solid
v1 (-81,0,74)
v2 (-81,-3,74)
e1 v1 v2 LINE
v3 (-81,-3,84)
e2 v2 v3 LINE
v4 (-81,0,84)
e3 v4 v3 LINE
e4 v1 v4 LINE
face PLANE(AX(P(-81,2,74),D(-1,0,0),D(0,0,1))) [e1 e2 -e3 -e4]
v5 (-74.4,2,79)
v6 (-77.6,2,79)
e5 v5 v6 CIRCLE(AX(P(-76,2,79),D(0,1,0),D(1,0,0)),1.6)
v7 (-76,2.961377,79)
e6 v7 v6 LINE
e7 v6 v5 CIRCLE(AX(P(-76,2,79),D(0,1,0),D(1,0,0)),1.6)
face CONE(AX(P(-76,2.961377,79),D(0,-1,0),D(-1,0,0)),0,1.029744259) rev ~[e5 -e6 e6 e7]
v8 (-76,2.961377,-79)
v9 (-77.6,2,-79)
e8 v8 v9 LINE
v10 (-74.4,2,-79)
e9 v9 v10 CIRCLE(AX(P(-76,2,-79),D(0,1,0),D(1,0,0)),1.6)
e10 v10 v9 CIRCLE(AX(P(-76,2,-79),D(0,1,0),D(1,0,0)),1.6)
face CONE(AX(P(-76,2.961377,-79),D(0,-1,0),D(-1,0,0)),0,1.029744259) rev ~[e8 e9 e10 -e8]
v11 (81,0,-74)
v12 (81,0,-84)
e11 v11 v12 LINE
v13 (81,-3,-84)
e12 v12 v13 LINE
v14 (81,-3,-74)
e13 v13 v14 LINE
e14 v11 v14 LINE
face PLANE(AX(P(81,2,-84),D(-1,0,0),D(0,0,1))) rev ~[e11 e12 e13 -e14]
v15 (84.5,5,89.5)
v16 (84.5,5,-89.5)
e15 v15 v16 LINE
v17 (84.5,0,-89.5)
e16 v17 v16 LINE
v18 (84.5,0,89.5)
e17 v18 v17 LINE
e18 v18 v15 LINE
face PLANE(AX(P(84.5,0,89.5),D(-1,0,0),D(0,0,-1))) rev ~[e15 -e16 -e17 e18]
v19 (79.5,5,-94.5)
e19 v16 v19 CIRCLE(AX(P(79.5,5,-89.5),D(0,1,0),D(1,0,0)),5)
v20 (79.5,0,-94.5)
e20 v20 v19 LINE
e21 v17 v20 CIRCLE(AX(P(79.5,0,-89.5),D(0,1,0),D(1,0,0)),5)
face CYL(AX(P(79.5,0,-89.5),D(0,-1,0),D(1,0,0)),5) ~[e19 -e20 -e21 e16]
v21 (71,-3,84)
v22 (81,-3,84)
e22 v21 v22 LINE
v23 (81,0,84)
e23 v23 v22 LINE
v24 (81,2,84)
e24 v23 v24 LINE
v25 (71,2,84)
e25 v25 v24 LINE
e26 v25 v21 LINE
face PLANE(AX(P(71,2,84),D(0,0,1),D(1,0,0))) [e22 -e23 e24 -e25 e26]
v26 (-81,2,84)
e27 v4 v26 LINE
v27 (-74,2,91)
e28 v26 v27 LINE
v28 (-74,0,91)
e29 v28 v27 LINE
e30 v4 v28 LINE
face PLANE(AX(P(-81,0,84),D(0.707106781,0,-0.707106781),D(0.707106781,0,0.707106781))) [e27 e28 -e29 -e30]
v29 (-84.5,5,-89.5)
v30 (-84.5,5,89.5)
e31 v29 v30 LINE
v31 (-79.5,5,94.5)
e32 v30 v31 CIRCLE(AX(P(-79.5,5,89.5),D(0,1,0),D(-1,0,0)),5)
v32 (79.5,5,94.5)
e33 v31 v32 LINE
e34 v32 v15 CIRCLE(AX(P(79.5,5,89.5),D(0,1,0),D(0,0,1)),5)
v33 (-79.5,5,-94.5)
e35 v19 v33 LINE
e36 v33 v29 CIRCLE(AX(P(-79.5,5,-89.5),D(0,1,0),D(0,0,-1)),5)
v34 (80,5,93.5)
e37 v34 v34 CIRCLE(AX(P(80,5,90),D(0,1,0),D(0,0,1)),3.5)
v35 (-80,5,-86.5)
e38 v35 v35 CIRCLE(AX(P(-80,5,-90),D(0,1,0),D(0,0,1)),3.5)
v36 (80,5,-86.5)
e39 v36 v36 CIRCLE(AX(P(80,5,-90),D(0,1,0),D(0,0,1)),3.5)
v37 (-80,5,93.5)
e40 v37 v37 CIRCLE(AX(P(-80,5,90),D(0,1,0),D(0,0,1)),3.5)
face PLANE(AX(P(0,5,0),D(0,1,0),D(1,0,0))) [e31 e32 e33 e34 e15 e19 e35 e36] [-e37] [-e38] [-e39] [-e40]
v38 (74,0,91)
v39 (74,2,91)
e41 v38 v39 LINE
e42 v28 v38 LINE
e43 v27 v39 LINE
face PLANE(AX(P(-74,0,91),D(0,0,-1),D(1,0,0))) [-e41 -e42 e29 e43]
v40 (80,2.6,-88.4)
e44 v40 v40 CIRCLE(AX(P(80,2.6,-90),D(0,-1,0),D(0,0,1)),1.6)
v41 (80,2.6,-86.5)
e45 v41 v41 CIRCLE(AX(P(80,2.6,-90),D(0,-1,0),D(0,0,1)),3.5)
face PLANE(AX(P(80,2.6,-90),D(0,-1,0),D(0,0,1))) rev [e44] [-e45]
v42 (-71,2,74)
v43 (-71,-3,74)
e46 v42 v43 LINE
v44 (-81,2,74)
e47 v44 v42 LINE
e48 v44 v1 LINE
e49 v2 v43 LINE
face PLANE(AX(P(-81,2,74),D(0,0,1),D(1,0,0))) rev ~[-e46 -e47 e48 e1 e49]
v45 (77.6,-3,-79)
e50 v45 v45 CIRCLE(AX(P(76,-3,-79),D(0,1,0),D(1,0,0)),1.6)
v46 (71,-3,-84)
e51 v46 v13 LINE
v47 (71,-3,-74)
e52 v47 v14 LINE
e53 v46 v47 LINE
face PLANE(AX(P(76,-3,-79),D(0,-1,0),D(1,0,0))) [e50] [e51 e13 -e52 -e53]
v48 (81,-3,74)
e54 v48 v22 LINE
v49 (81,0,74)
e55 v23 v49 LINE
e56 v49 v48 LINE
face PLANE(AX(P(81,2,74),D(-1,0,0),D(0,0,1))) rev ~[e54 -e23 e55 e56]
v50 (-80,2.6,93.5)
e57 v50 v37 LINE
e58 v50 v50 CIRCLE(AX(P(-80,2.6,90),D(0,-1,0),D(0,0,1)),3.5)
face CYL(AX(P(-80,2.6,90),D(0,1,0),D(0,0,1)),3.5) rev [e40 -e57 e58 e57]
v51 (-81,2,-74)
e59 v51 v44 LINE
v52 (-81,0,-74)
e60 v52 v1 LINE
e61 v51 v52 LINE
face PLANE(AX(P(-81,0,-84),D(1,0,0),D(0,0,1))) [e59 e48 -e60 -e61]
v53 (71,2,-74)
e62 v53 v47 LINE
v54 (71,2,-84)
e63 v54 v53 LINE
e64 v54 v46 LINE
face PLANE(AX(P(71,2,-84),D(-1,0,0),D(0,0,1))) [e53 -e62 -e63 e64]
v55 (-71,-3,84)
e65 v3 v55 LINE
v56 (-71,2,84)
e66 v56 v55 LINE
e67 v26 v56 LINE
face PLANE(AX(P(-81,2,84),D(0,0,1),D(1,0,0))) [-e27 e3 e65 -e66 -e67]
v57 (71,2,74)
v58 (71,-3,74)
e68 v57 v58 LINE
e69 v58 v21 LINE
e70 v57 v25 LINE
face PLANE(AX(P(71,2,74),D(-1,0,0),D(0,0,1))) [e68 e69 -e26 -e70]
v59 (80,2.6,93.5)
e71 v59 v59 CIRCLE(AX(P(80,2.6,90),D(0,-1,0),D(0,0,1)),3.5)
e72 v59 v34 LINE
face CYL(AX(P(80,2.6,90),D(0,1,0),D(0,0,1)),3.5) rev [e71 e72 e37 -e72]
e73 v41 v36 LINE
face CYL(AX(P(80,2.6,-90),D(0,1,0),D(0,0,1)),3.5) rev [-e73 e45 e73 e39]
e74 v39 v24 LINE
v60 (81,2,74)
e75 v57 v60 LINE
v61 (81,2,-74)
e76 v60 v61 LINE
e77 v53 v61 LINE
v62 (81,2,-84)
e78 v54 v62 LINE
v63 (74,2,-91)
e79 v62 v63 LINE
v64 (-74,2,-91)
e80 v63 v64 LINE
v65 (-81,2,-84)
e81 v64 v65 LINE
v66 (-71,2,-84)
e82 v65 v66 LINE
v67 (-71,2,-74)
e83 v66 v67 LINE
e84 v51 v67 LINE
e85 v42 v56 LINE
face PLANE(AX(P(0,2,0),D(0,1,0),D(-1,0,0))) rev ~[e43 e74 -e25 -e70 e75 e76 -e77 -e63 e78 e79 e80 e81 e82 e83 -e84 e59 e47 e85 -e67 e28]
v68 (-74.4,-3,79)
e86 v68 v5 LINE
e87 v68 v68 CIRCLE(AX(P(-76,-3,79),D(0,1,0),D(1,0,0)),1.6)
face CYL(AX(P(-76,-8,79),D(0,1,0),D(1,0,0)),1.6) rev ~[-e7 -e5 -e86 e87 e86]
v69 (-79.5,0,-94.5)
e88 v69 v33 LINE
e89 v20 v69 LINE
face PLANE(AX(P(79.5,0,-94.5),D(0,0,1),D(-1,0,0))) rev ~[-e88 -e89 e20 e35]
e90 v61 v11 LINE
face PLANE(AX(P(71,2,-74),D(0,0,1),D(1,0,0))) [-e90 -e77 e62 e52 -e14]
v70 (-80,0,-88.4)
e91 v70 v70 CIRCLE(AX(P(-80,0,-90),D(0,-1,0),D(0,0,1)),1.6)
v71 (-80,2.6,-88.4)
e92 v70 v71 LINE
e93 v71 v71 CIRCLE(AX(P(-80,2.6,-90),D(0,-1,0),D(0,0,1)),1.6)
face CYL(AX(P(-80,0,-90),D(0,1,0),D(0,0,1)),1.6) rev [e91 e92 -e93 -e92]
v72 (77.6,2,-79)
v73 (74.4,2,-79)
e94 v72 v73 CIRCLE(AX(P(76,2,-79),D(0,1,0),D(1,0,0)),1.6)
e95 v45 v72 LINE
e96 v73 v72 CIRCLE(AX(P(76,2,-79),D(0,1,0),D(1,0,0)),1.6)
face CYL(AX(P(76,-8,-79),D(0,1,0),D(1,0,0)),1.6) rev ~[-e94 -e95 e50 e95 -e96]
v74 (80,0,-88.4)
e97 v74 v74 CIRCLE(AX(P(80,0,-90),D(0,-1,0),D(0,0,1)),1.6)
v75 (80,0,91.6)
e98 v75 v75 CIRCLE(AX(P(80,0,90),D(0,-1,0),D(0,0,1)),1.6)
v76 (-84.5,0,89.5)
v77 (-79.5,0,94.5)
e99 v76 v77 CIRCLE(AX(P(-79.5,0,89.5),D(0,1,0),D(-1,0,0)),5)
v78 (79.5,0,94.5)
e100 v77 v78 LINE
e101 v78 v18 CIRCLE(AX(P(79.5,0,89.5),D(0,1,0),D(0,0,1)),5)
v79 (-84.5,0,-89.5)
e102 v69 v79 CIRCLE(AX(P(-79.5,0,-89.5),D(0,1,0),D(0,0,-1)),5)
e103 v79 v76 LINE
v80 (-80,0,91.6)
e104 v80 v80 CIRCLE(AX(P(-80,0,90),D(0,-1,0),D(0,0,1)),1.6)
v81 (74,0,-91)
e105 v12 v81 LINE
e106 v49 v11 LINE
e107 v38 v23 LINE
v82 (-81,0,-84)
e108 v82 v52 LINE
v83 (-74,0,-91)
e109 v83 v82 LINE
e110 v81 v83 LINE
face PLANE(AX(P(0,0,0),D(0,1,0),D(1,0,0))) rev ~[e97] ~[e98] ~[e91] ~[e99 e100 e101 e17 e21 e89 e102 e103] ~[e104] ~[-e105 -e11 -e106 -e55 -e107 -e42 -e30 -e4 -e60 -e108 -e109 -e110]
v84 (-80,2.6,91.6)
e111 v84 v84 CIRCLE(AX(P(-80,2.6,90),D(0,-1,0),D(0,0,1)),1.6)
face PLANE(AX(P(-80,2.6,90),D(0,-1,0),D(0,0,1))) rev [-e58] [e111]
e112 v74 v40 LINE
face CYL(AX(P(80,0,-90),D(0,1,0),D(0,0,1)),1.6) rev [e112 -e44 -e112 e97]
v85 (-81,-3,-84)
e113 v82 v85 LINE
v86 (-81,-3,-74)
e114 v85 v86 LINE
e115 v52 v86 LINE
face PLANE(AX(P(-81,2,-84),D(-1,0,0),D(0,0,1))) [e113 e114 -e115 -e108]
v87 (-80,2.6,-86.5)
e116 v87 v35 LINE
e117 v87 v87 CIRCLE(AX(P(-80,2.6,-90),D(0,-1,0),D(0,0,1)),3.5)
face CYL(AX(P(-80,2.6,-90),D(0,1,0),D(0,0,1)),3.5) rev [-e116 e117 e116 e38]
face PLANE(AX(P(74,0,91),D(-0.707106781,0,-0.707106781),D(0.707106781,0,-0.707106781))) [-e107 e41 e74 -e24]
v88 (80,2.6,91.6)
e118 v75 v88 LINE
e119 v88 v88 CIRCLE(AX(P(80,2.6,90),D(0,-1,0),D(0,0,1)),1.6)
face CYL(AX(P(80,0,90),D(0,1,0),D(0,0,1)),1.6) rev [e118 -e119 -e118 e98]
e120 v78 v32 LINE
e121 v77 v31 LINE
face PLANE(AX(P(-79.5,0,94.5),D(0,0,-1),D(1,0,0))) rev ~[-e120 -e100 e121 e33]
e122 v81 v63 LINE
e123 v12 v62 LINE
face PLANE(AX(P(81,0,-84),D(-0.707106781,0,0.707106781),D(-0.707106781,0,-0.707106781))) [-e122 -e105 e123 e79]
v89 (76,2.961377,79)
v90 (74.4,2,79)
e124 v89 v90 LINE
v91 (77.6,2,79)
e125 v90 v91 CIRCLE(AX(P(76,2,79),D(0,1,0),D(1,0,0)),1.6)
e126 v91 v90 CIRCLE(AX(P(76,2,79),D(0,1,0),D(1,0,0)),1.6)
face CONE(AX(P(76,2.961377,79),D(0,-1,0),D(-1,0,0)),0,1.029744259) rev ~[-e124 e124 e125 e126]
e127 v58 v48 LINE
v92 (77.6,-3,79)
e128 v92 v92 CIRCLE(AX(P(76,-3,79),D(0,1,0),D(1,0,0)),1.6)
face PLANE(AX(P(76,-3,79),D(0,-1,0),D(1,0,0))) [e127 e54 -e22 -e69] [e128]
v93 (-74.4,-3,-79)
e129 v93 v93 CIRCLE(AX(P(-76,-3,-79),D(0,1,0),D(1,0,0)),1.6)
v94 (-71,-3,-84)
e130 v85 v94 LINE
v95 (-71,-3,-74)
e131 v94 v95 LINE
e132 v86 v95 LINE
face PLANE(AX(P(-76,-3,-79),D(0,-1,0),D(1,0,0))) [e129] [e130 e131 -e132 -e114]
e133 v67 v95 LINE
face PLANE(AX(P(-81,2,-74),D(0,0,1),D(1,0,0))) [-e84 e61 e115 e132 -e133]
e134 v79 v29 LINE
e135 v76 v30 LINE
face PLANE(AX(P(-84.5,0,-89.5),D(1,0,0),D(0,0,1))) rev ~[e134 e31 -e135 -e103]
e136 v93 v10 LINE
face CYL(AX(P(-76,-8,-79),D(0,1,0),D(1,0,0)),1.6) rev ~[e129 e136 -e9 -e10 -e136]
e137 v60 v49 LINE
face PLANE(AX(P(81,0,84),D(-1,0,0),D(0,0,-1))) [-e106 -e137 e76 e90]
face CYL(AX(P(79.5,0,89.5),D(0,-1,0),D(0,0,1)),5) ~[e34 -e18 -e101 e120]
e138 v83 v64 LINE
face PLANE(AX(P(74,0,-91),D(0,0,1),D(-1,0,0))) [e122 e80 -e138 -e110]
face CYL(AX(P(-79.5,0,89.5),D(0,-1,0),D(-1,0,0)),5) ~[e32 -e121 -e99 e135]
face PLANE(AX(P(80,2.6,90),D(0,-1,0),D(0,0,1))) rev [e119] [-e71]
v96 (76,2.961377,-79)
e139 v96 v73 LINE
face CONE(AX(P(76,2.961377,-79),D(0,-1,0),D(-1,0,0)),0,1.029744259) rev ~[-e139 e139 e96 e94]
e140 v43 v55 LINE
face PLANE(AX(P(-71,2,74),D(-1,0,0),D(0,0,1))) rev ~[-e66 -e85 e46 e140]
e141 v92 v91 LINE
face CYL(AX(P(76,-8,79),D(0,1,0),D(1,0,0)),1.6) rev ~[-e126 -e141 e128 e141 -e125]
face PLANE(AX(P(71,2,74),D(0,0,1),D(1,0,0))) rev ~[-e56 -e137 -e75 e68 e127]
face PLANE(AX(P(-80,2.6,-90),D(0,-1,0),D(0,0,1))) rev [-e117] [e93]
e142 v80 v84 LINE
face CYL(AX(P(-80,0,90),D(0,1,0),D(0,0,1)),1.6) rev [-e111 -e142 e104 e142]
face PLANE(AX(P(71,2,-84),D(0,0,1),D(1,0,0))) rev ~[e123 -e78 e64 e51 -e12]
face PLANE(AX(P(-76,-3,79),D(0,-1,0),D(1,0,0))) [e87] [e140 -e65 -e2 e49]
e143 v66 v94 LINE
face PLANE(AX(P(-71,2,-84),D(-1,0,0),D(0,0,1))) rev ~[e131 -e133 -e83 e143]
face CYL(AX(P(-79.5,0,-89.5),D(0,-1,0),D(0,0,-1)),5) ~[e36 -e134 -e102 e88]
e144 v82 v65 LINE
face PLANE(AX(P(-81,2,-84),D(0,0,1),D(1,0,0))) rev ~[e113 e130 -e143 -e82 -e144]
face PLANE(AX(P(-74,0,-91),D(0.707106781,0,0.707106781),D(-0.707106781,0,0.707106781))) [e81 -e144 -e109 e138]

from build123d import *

# Parameters (mm, degrees)
SALIENTE_EXTRUIR2_DEPTH                     = 5
REFRENTADO_PARA_TORNILLO_CON_CABEZA_2_COUNT = 2
REFRENTADO_PARA_TORNILLO_CON_CABEZA_2_PITCH = 180
REFRENTADO_PARA_TORNILLO_CON_CABEZA_3_COUNT = 2
REFRENTADO_PARA_TORNILLO_CON_CABEZA_3_PITCH = 240.831891576
REFRENTADO_PARA_TORNILLO_CON_CABEZA_4_COUNT = 2
REFRENTADO_PARA_TORNILLO_CON_CABEZA_4_PITCH = 160
CORTAR_EXTRUIR1_DEPTH                       = 2
CROQUIS8_W                                  = 10
CROQUIS8_H                                  = 10
SALIENTE_EXTRUIR7_DEPTH                     = 5
TALADRO_DE_MARGEN_PARA_M31_D                = 3.2
TALADRO_DE_MARGEN_PARA_M31_DEPTH            = 5
TALADRO_DE_MARGEN_PARA_M31_TIP              = 0.96137699


with BuildPart() as part:
    # Croquis1 → Saliente-Extruir2 (new body)
    with BuildSketch(Plane(origin=(0, 0, 0), x_dir=(1, 0, 0), z_dir=(0, 1, 0))):
        with BuildLine():
            Line((-79.5, -94.5), (79.5, -94.5))
            ThreePointArc((79.5, -94.5), (83.035533906, -93.035533906), (84.5, -89.5))
            Line((84.5, -89.5), (84.5, 89.5))
            ThreePointArc((84.5, 89.5), (83.035533906, 93.035533906), (79.5, 94.5))
            Line((79.5, 94.5), (-79.5, 94.5))
            ThreePointArc((-79.5, 94.5), (-83.035533906, 93.035533906), (-84.5, 89.5))
            Line((-84.5, 89.5), (-84.5, -89.5))
            ThreePointArc((-84.5, -89.5), (-83.035533906, -93.035533906), (-79.5, -94.5))
        make_face()
    extrude(amount=SALIENTE_EXTRUIR2_DEPTH)

    # Croquis5 → Refrentado para tornillo con cabeza troncocónica de M31 (revolve, cut)
    with BuildSketch(Plane(origin=(80, 5, -90), x_dir=(0, 0, 1), z_dir=(1, 0, 0))):
        Polygon((0, 0), (0, 5), (1.6, 5), (1.6, 2.4), (3.5, 2.4), (3.5, -2), (1.5, 0), align=None)
    refrentado_para_tornillo_con_cabeza_tron = revolve(axis=Axis((80, 11.35, -90), (0, -1, 0)), mode=Mode.SUBTRACT)

    # Refrentado para tornillo con cabeza  2: Refrentado para tornillo con cabeza troncocónica de M31 ×2
    with Locations(*[(0, 0, i * REFRENTADO_PARA_TORNILLO_CON_CABEZA_2_PITCH) for i in range(1, REFRENTADO_PARA_TORNILLO_CON_CABEZA_2_COUNT)]):
        add(refrentado_para_tornillo_con_cabeza_tron, mode=Mode.SUBTRACT)

    # Refrentado para tornillo con cabeza  3: Refrentado para tornillo con cabeza troncocónica de M31 ×2
    with Locations(*[Vector(-0.664363839, 0, 0.747409319) * (i * REFRENTADO_PARA_TORNILLO_CON_CABEZA_3_PITCH) for i in range(1, REFRENTADO_PARA_TORNILLO_CON_CABEZA_3_COUNT)]):
        add(refrentado_para_tornillo_con_cabeza_tron, mode=Mode.SUBTRACT)

    # Refrentado para tornillo con cabeza  4: Refrentado para tornillo con cabeza troncocónica de M31 ×2
    with Locations(*[(-i * REFRENTADO_PARA_TORNILLO_CON_CABEZA_4_PITCH, 0, 0) for i in range(1, REFRENTADO_PARA_TORNILLO_CON_CABEZA_4_COUNT)]):
        add(refrentado_para_tornillo_con_cabeza_tron, mode=Mode.SUBTRACT)

    # Croquis6 → Cortar-Extruir1 (cut)
    with BuildSketch(Plane.XZ):
        Polygon((-81, 84), (-74, 91), (74, 91), (81, 84), (81, -84), (74, -91), (-74, -91), (-81, -84), align=None)
    extrude(amount=-CORTAR_EXTRUIR1_DEPTH, mode=Mode.SUBTRACT)

    # Croquis8 → Saliente-Extruir7 (add)
    with BuildSketch(Plane.XZ.offset(-2)):
        with Locations((-76, 79)):
            Rectangle(CROQUIS8_W, CROQUIS8_H)
        with Locations((76, 79)):
            Rectangle(CROQUIS8_W, CROQUIS8_H)
        with Locations((-76, -79)):
            Rectangle(CROQUIS8_W, CROQUIS8_H)
        with Locations((76, -79)):
            Rectangle(CROQUIS8_W, CROQUIS8_H)
    extrude(amount=SALIENTE_EXTRUIR7_DEPTH)

    # Taladro de margen para M31
    with Locations(Plane(origin=(0, -3, 0), x_dir=(-1, 0, 0), z_dir=(0, -1, 0))):
        with Locations((-76, 79), (76, 79), (76, -79), (-76, -79)):
            Hole(TALADRO_DE_MARGEN_PARA_M31_D / 2, depth=TALADRO_DE_MARGEN_PARA_M31_DEPTH)
            with Locations((0, 0, -(TALADRO_DE_MARGEN_PARA_M31_DEPTH + TALADRO_DE_MARGEN_PARA_M31_TIP / 2))):  # 118° drill point
                Cone(0, TALADRO_DE_MARGEN_PARA_M31_D / 2, TALADRO_DE_MARGEN_PARA_M31_TIP, mode=Mode.SUBTRACT)


solid = part.part
